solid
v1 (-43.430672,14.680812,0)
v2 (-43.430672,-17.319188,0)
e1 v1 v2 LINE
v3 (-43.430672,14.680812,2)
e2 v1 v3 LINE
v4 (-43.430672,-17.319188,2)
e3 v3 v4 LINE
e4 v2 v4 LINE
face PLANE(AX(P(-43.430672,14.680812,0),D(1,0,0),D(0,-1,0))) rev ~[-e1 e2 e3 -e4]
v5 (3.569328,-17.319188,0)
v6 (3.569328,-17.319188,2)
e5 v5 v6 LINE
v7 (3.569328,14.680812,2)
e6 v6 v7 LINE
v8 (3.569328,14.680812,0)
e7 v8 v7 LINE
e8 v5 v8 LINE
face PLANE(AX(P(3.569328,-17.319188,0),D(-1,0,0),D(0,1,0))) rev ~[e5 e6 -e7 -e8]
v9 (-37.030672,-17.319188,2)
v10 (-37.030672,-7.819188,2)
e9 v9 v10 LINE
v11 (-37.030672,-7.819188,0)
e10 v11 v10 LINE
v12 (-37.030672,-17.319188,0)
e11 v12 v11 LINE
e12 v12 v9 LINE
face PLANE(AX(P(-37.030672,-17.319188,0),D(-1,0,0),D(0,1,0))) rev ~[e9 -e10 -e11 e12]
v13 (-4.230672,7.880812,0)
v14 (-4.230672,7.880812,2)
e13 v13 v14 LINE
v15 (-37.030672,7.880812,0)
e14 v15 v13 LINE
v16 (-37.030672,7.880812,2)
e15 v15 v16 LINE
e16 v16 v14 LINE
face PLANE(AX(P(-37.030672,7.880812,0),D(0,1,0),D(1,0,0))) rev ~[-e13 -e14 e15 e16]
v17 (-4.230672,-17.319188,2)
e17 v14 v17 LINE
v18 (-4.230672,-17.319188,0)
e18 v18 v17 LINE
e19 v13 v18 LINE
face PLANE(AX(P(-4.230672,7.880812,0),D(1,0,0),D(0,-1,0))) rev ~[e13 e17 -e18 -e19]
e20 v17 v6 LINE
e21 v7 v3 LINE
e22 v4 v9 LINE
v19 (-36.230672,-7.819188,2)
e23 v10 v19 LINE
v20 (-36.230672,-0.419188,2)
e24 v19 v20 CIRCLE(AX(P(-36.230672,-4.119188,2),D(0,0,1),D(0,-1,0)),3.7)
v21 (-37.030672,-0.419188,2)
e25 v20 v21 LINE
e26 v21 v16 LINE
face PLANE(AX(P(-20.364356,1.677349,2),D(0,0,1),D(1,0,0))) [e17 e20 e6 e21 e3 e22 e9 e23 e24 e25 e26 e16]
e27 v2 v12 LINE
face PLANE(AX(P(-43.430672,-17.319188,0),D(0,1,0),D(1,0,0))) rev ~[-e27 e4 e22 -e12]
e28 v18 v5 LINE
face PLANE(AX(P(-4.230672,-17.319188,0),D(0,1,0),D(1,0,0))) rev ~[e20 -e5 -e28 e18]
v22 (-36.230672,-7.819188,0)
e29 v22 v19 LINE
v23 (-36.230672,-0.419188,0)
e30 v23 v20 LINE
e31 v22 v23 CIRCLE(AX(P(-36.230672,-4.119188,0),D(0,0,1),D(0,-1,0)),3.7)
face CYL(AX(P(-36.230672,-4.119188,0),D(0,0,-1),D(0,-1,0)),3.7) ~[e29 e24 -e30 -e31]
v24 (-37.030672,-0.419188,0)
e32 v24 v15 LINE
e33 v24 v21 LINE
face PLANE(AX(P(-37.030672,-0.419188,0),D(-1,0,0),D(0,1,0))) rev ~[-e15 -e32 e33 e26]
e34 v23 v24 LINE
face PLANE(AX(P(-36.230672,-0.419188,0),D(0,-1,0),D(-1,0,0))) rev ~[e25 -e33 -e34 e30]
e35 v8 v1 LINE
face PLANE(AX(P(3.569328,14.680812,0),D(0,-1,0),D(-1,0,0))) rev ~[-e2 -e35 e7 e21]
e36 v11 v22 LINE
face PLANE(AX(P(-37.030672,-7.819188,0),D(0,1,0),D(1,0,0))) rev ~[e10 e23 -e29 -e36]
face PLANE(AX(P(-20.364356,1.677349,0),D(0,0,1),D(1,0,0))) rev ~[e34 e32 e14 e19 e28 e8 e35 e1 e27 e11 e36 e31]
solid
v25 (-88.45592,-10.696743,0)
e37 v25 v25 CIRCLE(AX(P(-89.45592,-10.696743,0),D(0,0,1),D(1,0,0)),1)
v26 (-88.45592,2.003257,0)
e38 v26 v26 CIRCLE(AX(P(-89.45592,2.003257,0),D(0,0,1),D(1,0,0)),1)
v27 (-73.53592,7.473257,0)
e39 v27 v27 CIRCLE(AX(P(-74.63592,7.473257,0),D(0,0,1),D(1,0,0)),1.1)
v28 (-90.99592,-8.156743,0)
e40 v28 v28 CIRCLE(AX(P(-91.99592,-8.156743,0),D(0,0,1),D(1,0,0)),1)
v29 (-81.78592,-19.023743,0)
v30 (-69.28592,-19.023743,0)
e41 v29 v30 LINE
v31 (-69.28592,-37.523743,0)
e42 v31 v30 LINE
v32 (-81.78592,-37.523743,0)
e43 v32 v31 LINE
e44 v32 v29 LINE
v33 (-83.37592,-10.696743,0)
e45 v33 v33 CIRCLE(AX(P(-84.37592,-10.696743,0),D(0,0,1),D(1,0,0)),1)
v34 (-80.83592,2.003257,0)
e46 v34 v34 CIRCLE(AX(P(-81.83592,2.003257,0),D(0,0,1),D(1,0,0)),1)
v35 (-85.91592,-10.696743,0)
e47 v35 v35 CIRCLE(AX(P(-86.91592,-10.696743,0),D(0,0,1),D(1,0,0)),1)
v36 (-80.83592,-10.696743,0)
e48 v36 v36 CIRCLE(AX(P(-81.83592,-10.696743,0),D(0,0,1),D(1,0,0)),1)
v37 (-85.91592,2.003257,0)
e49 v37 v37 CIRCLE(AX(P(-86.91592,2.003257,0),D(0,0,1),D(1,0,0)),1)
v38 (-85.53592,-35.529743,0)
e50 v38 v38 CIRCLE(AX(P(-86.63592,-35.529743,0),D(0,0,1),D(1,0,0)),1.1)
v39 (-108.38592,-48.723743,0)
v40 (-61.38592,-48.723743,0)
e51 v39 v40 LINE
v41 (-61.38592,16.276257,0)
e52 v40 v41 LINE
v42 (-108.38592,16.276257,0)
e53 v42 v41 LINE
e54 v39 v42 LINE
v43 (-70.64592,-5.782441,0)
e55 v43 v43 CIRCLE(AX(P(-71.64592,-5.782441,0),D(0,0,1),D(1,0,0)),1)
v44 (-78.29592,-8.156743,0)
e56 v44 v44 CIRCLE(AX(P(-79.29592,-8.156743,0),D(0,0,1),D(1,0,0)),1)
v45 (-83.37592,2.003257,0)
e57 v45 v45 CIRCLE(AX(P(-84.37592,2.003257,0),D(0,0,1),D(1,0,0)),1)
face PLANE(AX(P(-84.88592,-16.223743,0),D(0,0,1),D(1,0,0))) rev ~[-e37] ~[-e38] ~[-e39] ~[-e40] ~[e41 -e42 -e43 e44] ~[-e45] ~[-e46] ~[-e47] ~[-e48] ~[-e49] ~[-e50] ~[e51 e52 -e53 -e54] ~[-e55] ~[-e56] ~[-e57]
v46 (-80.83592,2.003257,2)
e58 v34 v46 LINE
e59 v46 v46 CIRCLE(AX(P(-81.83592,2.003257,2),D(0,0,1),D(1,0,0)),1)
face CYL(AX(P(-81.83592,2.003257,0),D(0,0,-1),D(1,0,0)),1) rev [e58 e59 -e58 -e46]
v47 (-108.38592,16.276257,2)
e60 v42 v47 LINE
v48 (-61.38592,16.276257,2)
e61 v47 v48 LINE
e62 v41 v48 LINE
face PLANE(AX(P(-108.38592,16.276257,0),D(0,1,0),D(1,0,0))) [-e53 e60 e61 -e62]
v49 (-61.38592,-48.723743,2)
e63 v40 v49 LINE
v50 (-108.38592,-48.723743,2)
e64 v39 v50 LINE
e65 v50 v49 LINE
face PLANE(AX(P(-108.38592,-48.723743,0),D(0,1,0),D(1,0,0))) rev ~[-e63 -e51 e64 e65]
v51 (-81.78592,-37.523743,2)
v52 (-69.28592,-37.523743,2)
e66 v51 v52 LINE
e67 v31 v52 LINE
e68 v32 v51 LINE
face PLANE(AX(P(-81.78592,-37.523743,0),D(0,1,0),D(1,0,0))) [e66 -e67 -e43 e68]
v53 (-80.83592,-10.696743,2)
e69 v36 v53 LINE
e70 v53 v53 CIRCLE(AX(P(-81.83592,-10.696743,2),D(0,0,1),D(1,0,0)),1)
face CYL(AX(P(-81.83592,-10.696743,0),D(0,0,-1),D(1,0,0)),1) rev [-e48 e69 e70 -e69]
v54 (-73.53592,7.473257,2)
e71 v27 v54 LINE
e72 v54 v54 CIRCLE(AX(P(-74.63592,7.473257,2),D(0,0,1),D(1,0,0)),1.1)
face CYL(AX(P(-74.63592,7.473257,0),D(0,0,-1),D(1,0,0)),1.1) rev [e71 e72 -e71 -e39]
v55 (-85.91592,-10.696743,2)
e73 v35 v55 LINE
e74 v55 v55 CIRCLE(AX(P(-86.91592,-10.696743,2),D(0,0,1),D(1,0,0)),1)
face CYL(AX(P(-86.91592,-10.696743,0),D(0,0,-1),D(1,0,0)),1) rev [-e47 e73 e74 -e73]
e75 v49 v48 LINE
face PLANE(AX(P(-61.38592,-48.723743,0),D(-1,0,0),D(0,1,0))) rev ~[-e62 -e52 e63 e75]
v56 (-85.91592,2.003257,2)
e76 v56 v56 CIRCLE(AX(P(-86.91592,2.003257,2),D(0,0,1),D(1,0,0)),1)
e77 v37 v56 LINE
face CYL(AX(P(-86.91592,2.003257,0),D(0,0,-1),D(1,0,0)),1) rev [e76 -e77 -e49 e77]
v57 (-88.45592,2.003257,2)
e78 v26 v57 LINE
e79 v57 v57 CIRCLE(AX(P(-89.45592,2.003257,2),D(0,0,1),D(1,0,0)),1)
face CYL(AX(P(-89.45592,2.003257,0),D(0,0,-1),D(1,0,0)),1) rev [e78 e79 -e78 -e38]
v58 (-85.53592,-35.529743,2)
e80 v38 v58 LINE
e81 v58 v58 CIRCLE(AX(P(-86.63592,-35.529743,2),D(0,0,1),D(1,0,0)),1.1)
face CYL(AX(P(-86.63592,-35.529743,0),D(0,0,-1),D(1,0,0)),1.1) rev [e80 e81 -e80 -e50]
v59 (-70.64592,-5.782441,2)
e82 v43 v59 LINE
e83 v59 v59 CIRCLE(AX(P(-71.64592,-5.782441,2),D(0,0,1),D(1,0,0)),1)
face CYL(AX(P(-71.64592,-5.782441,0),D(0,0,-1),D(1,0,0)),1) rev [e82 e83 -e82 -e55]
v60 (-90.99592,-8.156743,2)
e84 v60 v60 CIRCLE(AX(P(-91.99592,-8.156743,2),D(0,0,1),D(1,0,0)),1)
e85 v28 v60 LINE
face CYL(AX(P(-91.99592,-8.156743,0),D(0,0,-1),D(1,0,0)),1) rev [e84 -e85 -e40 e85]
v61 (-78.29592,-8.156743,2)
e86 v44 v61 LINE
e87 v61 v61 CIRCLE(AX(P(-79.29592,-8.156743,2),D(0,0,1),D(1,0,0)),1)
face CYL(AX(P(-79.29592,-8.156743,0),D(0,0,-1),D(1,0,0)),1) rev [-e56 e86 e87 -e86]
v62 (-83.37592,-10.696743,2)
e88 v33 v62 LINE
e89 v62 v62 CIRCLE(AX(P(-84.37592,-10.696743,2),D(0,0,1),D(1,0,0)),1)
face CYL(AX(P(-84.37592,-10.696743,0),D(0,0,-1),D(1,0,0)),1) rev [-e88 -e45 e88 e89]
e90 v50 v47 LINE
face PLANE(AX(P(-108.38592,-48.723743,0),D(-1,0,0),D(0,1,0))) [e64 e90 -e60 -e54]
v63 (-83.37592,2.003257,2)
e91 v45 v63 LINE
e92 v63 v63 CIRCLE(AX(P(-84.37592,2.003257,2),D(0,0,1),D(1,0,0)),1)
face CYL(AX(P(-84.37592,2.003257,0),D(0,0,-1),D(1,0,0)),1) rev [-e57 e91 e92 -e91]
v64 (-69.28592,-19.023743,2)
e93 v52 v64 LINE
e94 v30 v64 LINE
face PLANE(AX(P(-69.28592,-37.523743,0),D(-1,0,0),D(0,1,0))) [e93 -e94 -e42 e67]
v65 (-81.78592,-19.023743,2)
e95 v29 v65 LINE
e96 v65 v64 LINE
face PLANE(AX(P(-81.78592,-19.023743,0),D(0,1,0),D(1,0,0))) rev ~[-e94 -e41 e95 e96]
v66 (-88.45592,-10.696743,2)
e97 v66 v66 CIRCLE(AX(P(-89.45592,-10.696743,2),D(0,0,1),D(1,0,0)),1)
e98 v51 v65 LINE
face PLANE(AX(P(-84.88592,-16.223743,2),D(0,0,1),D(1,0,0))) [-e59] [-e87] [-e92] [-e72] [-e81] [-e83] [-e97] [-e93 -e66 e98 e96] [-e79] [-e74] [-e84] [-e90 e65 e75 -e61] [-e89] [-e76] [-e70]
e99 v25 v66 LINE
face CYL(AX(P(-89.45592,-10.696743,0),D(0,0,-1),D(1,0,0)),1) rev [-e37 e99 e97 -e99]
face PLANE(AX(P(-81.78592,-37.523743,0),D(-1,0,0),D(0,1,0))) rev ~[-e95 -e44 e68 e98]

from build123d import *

# Parameters (mm, degrees)
F0_W     = 47
F0_H     = 65
F0_R     = 1.1
F0_W_2   = 12.5
F0_H_2   = 18.5
F0_R_2   = 1
F1_DEPTH = 2
F2_DEPTH = 2


with BuildPart() as f1:
    # F0 (on Top) → F1 (new body)
    with BuildSketch(Plane.XY):
        with Locations((-84.88592, -16.223743)):
            Rectangle(F0_W, F0_H)
        with Locations((-86.63592, -35.529743)):
            Circle(F0_R, mode=Mode.SUBTRACT)
        with Locations((-75.53592, -28.273743)):
            Rectangle(F0_W_2, F0_H_2, mode=Mode.SUBTRACT)
        with Locations((-89.45592, -10.696743)):
            Circle(F0_R_2, mode=Mode.SUBTRACT)
        with Locations((-91.99592, -8.156743)):
            Circle(F0_R_2, mode=Mode.SUBTRACT)
        with Locations((-86.91592, -10.696743)):
            Circle(F0_R_2, mode=Mode.SUBTRACT)
        with Locations((-84.37592, -10.696743)):
            Circle(F0_R_2, mode=Mode.SUBTRACT)
        with Locations((-81.83592, -10.696743)):
            Circle(F0_R_2, mode=Mode.SUBTRACT)
        with Locations((-79.29592, -8.156743)):
            Circle(F0_R_2, mode=Mode.SUBTRACT)
        with Locations((-71.64592, -5.782441)):
            Circle(F0_R_2, mode=Mode.SUBTRACT)
        with Locations((-89.45592, 2.003257)):
            Circle(F0_R_2, mode=Mode.SUBTRACT)
        with Locations((-86.91592, 2.003257)):
            Circle(F0_R_2, mode=Mode.SUBTRACT)
        with Locations((-84.37592, 2.003257)):
            Circle(F0_R_2, mode=Mode.SUBTRACT)
        with Locations((-81.83592, 2.003257)):
            Circle(F0_R_2, mode=Mode.SUBTRACT)
        with Locations((-74.63592, 7.473257)):
            Circle(F0_R, mode=Mode.SUBTRACT)
    extrude(amount=F1_DEPTH)


with BuildPart() as f2:
    # F0 (on Top) → F2 (new body)
    with BuildSketch(Plane.XY):
        with BuildLine():
            Line((-43.430672, 14.680812), (-43.430672, -17.319188))
            Line((-43.430672, -17.319188), (-37.030672, -17.319188))
            Line((-37.030672, -17.319188), (-37.030672, -7.819188))
            Line((-37.030672, -7.819188), (-36.230672, -7.819188))
            ThreePointArc((-36.230672, -7.819188), (-32.530672, -4.119188), (-36.230672, -0.419188))
            Line((-36.230672, -0.419188), (-37.030672, -0.419188))
            Line((-37.030672, -0.419188), (-37.030672, 7.880812))
            Line((-37.030672, 7.880812), (-4.230672, 7.880812))
            Line((-4.230672, 7.880812), (-4.230672, -17.319188))
            Line((-4.230672, -17.319188), (3.569328, -17.319188))
            Line((3.569328, -17.319188), (3.569328, 14.680812))
            Line((3.569328, 14.680812), (-43.430672, 14.680812))
        make_face()
    extrude(amount=F2_DEPTH)


solid = Compound([f1.part, f2.part])
